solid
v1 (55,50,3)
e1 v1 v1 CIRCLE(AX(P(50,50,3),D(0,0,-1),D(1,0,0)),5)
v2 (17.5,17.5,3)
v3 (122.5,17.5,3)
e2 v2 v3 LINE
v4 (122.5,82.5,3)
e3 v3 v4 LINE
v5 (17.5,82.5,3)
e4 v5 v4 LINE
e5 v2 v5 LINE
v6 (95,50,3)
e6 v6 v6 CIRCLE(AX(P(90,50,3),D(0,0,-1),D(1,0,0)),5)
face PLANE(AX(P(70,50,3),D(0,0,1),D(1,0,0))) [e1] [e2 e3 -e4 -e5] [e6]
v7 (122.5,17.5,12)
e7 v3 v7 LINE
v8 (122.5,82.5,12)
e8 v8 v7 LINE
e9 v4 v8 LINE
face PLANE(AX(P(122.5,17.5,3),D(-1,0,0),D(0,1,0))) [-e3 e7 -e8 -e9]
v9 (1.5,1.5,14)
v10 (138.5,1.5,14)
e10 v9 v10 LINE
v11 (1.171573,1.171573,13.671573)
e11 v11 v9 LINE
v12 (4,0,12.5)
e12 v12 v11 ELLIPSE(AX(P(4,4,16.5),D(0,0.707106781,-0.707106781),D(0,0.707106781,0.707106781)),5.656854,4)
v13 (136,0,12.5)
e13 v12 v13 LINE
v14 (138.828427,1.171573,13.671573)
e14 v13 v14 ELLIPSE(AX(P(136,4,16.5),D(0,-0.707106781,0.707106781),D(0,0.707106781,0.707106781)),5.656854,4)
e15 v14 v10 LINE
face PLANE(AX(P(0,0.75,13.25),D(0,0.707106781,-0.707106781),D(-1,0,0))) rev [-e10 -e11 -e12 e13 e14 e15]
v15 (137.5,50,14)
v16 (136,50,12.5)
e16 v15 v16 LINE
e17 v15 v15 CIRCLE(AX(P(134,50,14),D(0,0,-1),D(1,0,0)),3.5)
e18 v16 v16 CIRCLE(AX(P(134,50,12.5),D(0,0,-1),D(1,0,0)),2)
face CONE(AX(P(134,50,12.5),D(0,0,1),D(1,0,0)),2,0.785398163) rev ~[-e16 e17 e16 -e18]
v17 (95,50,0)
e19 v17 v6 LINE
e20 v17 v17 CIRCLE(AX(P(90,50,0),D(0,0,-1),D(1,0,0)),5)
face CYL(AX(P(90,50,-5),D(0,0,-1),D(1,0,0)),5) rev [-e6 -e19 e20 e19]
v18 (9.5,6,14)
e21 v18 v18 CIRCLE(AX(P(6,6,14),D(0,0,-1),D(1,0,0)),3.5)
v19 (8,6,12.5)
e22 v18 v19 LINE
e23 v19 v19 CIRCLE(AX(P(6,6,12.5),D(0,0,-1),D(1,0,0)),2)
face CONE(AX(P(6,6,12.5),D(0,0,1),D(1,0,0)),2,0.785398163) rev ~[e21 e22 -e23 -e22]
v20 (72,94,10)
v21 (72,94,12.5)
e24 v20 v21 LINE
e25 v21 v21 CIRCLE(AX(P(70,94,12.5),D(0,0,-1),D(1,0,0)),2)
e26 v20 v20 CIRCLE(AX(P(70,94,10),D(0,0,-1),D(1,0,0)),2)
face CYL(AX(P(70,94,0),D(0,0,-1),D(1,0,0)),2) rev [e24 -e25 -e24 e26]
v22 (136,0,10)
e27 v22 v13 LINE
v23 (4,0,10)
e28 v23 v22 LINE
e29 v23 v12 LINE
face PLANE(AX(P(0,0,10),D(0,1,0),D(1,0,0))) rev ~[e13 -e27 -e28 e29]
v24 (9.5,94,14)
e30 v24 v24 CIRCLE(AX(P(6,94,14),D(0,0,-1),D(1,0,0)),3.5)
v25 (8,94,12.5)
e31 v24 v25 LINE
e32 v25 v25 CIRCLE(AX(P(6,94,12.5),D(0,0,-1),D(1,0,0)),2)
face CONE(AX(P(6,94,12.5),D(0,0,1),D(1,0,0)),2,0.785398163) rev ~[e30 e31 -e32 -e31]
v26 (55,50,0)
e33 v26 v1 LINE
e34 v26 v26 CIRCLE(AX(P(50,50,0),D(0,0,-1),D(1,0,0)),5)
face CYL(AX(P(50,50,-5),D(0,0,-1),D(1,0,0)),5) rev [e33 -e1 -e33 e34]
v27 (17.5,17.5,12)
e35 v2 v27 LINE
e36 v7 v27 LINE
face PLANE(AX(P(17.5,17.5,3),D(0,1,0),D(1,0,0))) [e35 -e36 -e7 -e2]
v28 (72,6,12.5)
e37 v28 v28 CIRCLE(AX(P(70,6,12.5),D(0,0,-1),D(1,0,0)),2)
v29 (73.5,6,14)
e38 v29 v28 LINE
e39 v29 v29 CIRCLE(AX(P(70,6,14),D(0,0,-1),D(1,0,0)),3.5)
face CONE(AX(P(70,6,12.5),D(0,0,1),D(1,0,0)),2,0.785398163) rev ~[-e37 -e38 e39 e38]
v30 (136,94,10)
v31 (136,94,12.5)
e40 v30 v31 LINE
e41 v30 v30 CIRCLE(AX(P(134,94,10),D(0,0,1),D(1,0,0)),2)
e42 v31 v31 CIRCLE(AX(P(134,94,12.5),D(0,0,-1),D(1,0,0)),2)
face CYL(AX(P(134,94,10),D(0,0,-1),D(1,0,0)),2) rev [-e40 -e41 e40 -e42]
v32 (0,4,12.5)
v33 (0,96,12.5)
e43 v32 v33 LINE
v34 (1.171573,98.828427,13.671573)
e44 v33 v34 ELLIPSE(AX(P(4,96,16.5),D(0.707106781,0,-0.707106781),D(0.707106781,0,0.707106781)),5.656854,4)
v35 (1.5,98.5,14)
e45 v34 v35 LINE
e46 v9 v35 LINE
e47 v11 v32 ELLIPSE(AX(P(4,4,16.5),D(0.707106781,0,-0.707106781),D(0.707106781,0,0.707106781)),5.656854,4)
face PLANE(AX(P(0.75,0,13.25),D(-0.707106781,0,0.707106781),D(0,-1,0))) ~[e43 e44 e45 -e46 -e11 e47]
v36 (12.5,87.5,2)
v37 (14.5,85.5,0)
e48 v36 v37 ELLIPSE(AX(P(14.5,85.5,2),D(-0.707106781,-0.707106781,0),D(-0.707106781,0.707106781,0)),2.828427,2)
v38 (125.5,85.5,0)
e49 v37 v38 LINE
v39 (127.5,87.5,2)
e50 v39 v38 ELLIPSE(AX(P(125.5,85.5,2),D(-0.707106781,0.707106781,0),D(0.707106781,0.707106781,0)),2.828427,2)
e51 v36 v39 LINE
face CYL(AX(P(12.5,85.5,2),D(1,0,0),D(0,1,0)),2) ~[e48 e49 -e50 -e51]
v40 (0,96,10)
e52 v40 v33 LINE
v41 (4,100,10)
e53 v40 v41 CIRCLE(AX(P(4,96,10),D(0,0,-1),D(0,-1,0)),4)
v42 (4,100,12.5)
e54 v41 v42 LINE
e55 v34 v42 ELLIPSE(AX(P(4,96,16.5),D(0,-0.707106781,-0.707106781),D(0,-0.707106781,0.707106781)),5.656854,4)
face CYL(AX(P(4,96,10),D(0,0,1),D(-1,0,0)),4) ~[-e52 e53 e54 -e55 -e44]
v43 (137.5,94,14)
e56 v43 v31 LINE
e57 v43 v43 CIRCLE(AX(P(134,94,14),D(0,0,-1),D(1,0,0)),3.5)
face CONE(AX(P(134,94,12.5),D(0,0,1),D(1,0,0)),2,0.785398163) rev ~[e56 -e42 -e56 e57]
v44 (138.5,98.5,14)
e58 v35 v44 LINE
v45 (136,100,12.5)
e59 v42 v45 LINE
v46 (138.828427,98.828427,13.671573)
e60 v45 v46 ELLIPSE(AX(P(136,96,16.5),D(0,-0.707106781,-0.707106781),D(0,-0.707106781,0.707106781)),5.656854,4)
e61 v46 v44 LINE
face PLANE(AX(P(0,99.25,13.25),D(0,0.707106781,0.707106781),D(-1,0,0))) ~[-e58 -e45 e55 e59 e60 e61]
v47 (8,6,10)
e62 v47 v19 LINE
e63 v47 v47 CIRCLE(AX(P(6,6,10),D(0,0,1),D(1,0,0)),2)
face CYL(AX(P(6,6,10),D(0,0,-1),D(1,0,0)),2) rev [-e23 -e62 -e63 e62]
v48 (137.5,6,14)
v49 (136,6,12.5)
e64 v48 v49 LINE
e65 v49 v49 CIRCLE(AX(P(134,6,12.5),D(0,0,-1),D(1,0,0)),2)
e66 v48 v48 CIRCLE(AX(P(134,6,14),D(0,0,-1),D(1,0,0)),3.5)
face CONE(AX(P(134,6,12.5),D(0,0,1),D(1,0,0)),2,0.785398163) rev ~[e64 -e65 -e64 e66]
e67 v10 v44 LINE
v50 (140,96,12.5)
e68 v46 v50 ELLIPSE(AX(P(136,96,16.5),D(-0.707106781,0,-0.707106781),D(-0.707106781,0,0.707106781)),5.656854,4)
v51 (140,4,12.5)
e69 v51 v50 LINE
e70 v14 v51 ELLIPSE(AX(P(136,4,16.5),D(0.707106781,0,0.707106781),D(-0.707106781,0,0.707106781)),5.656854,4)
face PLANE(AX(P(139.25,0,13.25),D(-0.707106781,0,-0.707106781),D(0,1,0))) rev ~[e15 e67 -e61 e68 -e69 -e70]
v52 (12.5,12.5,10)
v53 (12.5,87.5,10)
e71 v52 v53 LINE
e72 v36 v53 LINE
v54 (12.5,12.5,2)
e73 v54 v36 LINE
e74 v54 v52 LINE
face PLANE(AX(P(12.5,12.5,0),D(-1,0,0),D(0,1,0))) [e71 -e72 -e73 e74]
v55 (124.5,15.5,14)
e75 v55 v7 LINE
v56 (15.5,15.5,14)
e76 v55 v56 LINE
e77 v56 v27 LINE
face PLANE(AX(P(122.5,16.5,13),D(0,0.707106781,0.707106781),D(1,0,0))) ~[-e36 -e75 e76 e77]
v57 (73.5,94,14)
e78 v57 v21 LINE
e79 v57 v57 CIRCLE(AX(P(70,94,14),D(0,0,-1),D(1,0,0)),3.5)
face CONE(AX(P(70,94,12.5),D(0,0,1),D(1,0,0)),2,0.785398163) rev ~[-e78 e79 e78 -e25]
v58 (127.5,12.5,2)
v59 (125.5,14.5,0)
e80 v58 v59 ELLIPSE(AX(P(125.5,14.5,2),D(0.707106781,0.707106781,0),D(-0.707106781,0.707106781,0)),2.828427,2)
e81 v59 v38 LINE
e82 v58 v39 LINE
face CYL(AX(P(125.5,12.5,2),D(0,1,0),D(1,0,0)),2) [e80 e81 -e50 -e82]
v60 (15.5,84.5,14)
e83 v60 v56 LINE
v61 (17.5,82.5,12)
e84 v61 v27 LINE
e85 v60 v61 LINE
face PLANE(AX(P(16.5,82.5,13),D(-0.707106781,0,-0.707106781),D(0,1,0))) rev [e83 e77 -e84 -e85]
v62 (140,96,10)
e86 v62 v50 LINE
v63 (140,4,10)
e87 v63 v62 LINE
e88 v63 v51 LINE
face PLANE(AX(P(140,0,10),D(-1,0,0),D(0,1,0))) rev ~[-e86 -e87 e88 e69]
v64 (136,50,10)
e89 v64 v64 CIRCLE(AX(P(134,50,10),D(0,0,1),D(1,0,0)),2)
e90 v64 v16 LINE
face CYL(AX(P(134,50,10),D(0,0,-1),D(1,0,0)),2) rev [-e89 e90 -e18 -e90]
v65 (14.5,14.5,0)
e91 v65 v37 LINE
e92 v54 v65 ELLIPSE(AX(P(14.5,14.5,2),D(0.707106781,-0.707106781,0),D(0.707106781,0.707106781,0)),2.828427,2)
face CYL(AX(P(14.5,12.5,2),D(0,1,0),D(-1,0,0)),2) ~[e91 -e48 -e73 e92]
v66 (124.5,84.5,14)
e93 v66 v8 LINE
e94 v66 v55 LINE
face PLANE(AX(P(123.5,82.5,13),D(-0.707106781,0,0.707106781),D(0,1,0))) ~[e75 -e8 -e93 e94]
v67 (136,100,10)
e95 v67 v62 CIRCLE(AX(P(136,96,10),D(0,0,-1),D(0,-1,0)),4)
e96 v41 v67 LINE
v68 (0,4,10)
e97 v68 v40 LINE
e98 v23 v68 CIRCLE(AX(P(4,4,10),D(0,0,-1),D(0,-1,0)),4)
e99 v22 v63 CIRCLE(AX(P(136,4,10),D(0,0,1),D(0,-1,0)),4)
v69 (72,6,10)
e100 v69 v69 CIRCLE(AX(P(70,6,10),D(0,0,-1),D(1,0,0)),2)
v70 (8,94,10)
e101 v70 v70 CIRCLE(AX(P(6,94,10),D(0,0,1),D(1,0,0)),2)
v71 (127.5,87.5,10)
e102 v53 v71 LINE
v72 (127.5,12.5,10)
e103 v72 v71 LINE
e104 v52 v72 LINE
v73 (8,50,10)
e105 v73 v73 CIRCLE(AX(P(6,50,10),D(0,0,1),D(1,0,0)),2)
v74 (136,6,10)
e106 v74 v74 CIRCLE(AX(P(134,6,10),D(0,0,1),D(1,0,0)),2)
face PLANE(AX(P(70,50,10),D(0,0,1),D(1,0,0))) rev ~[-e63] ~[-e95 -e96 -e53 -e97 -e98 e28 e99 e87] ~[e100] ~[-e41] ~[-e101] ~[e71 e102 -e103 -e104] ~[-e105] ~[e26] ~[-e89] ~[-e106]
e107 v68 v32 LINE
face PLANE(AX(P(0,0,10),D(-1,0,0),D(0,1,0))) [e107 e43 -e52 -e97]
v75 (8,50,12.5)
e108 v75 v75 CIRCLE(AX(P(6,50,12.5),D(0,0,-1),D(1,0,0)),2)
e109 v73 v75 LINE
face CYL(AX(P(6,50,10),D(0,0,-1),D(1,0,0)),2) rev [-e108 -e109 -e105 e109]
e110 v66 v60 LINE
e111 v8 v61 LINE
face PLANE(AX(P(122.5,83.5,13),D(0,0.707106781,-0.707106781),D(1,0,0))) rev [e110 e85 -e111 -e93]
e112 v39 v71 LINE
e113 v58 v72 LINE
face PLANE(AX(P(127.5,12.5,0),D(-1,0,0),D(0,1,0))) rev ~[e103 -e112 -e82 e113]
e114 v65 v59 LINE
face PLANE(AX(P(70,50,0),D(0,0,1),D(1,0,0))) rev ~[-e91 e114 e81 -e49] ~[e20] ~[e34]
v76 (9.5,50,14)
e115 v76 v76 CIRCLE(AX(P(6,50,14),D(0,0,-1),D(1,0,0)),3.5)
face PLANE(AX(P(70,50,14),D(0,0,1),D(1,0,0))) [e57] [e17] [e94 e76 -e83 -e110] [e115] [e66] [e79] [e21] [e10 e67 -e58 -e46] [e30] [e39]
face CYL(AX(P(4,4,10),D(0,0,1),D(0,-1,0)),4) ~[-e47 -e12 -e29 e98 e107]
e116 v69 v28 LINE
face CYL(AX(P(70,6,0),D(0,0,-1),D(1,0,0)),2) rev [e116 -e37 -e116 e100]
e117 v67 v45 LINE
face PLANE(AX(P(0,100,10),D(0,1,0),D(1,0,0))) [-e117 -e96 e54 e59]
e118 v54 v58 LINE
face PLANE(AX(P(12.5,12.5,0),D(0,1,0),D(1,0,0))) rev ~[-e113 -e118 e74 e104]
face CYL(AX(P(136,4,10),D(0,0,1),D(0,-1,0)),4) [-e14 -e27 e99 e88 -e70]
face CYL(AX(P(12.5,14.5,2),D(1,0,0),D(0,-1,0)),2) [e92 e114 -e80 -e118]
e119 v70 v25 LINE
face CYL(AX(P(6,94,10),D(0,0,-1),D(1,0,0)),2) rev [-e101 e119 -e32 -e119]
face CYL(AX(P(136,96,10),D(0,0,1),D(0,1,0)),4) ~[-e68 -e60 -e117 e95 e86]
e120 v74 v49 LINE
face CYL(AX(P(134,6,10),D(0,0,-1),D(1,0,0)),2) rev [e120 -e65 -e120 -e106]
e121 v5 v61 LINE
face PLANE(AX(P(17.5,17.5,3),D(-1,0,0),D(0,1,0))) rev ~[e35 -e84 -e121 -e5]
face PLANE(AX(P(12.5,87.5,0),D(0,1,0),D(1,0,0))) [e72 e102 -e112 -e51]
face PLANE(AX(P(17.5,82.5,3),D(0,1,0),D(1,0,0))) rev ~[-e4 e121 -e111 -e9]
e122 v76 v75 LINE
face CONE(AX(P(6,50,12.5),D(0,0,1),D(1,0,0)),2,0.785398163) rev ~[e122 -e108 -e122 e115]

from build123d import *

# Parameters (mm, degrees)
CYLINDER009_R     = 5
CYLINDER009_DEPTH = 20
CYLINDER008_R     = 2
CYLINDER008_DEPTH = 20
CYLINDER007_R     = 2
CYLINDER007_DEPTH = 20
CYLINDER006_R     = 5
CYLINDER006_DEPTH = 20
BOX002_W          = 105
BOX002_H          = 65
BOX002_DEPTH      = 20
BOX001_W          = 115
BOX001_H          = 75
BOX001_DEPTH      = 10
FILLET_R          = 2
CYLINDER003_R     = 2
CYLINDER003_DEPTH = 10
CYLINDER002_R     = 2
CYLINDER002_DEPTH = 10
CYLINDER004_R     = 2
CYLINDER004_DEPTH = 10
CYLINDER005_R     = 2
CYLINDER005_DEPTH = 10
CYLINDER001_R     = 2
CYLINDER001_DEPTH = 10
CYLINDER_R        = 2
CYLINDER_DEPTH    = 10
BOX_W             = 140
BOX_H             = 100
BOX_DEPTH         = 4
CHAMFER_SIZE      = 1.5
CHAMFER001_SIZE   = 2
FILLET001_R       = 4
FILLET002_R       = 4
CHAMFER002_SIZE   = 1.5


with BuildPart() as cylinder009:
    # Cylinder009 → Cylinder009 (new body)
    with BuildSketch(Plane(origin=(90, 50, -5), x_dir=(1, 0, 0), z_dir=(0, 0, 1))):
        Circle(CYLINDER009_R)
    extrude(amount=CYLINDER009_DEPTH)


with BuildPart() as cylinder008:
    # Cylinder008 → Cylinder008 (new body)
    with BuildSketch(Plane(origin=(70, 6, 0), x_dir=(1, 0, 0), z_dir=(0, 0, 1))):
        Circle(CYLINDER008_R)
    extrude(amount=CYLINDER008_DEPTH)


with BuildPart() as cylinder007:
    # Cylinder007 → Cylinder007 (new body)
    with BuildSketch(Plane(origin=(70, 94, 0), x_dir=(1, 0, 0), z_dir=(0, 0, 1))):
        Circle(CYLINDER007_R)
    extrude(amount=CYLINDER007_DEPTH)


with BuildPart() as cylinder006:
    # Cylinder006 → Cylinder006 (new body)
    with BuildSketch(Plane(origin=(50, 50, -5), x_dir=(1, 0, 0), z_dir=(0, 0, 1))):
        Circle(CYLINDER006_R)
    extrude(amount=CYLINDER006_DEPTH)


with BuildPart() as cube002:
    # Box002 → Box002 (new body)
    with BuildSketch(Plane(origin=(17.5, 17.5, 3), x_dir=(1, 0, 0), z_dir=(0, 0, 1))):
        with Locations((52.5, 32.5)):
            Rectangle(BOX002_W, BOX002_H)
    extrude(amount=BOX002_DEPTH)


with BuildPart() as fillet_body:
    # Box001 → Box001 (new body)
    with BuildSketch(Plane(origin=(12.5, 12.5, 0), x_dir=(1, 0, 0), z_dir=(0, 0, 1))):
        with Locations((57.5, 37.5)):
            Rectangle(BOX001_W, BOX001_H)
    extrude(amount=BOX001_DEPTH)

    # Fillet
    fillet_edges = [fillet_body.edges().sort_by_distance(p)[0] for p in [
        (12.5, 50, 0),
        (127.5, 50, 0),
        (70, 12.5, 0),
        (70, 87.5, 0),
    ]]
    fillet(fillet_edges, radius=FILLET_R)


with BuildPart() as cylinder003:
    # Cylinder003 → Cylinder003 (new body)
    with BuildSketch(Plane(origin=(6, 94, 0), x_dir=(1, 0, 0), z_dir=(0, 0, 1))):
        Circle(CYLINDER003_R)
    extrude(amount=CYLINDER003_DEPTH)


with BuildPart() as cylinder002:
    # Cylinder002 → Cylinder002 (new body)
    with BuildSketch(Plane(origin=(6, 50, 0), x_dir=(1, 0, 0), z_dir=(0, 0, 1))):
        Circle(CYLINDER002_R)
    extrude(amount=CYLINDER002_DEPTH)


with BuildPart() as cylinder004:
    # Cylinder004 → Cylinder004 (new body)
    with BuildSketch(Plane(origin=(6, 6, 0), x_dir=(1, 0, 0), z_dir=(0, 0, 1))):
        Circle(CYLINDER004_R)
    extrude(amount=CYLINDER004_DEPTH)


with BuildPart() as cylinder005:
    # Cylinder005 → Cylinder005 (new body)
    with BuildSketch(Plane(origin=(134, 94, 0), x_dir=(1, 0, 0), z_dir=(0, 0, 1))):
        Circle(CYLINDER005_R)
    extrude(amount=CYLINDER005_DEPTH)


with BuildPart() as cylinder001:
    # Cylinder001 → Cylinder001 (new body)
    with BuildSketch(Plane(origin=(134, 50, 0), x_dir=(1, 0, 0), z_dir=(0, 0, 1))):
        Circle(CYLINDER001_R)
    extrude(amount=CYLINDER001_DEPTH)


with BuildPart() as cylinder:
    # Cylinder → Cylinder (new body)
    with BuildSketch(Plane(origin=(134, 6, 0), x_dir=(1, 0, 0), z_dir=(0, 0, 1))):
        Circle(CYLINDER_R)
    extrude(amount=CYLINDER_DEPTH)


with BuildPart() as cut010:
    # Box → Box (new body)
    with BuildSketch(Plane.XY):
        with Locations((70, 50)):
            Rectangle(BOX_W, BOX_H)
    extrude(amount=BOX_DEPTH)

    # Cut: cut Cylinder
    add(cylinder.part, mode=Mode.SUBTRACT)

    # Cut001: cut Cylinder001
    add(cylinder001.part, mode=Mode.SUBTRACT)

    # Cut002: cut Cylinder005
    add(cylinder005.part, mode=Mode.SUBTRACT)

    # Cut003: cut Cylinder004
    add(cylinder004.part, mode=Mode.SUBTRACT)

    # Cut004: cut Cylinder002
    add(cylinder002.part, mode=Mode.SUBTRACT)

    # Cut005: cut Cylinder003
    add(cylinder003.part, mode=Mode.SUBTRACT)


with BuildPart() as cut010_1:
    # Cut005 placement: moved
    add(cut010.part.moved(Location((0, 0, 10))))

    # Chamfer
    chamfer_edges = [cut010_1.edges().sort_by_distance(p)[0] for p in [
        (4, 50, 14),
        (4, 6, 14),
        (0, 50, 14),
        (70, 100, 14),
        (70, 0, 14),
        (140, 50, 14),
        (4, 94, 14),
        (132, 94, 14),
        (132, 50, 14),
        (132, 6, 14),
    ]]
    chamfer(chamfer_edges, length=CHAMFER_SIZE)

    # Fusion: union Fillet body
    add(fillet_body.part)

    # Cut006: cut Cube002
    add(cube002.part, mode=Mode.SUBTRACT)

    # Cut007: cut Cylinder006
    add(cylinder006.part, mode=Mode.SUBTRACT)

    # Chamfer001
    chamfer001_edges = [cut010_1.edges().sort_by_distance(p)[0] for p in [
        (122.5, 50, 14),
        (70, 17.5, 14),
        (17.5, 50, 14),
        (70, 82.5, 14),
    ]]
    chamfer(chamfer001_edges, length=CHAMFER001_SIZE)

    # Fillet001
    fillet001_edges = [cut010_1.edges().sort_by_distance(p)[0] for p in [
        (140, 0, 11.25),
        (140, 100, 11.25),
    ]]
    fillet(fillet001_edges, radius=FILLET001_R)

    # Fillet002
    fillet002_edges = [cut010_1.edges().sort_by_distance(p)[0] for p in [
        (0, 0, 11.25),
        (0, 100, 11.25),
    ]]
    fillet(fillet002_edges, radius=FILLET002_R)

    # Cut008: cut Cylinder007
    add(cylinder007.part, mode=Mode.SUBTRACT)

    # Cut009: cut Cylinder008
    add(cylinder008.part, mode=Mode.SUBTRACT)

    # Chamfer002
    chamfer002_edges = [cut010_1.edges().sort_by_distance(p)[0] for p in [
        (68, 6, 14),
        (68, 94, 14),
    ]]
    chamfer(chamfer002_edges, length=CHAMFER002_SIZE)

    # Cut010: cut Cylinder009
    add(cylinder009.part, mode=Mode.SUBTRACT)


solid = cut010_1.part
